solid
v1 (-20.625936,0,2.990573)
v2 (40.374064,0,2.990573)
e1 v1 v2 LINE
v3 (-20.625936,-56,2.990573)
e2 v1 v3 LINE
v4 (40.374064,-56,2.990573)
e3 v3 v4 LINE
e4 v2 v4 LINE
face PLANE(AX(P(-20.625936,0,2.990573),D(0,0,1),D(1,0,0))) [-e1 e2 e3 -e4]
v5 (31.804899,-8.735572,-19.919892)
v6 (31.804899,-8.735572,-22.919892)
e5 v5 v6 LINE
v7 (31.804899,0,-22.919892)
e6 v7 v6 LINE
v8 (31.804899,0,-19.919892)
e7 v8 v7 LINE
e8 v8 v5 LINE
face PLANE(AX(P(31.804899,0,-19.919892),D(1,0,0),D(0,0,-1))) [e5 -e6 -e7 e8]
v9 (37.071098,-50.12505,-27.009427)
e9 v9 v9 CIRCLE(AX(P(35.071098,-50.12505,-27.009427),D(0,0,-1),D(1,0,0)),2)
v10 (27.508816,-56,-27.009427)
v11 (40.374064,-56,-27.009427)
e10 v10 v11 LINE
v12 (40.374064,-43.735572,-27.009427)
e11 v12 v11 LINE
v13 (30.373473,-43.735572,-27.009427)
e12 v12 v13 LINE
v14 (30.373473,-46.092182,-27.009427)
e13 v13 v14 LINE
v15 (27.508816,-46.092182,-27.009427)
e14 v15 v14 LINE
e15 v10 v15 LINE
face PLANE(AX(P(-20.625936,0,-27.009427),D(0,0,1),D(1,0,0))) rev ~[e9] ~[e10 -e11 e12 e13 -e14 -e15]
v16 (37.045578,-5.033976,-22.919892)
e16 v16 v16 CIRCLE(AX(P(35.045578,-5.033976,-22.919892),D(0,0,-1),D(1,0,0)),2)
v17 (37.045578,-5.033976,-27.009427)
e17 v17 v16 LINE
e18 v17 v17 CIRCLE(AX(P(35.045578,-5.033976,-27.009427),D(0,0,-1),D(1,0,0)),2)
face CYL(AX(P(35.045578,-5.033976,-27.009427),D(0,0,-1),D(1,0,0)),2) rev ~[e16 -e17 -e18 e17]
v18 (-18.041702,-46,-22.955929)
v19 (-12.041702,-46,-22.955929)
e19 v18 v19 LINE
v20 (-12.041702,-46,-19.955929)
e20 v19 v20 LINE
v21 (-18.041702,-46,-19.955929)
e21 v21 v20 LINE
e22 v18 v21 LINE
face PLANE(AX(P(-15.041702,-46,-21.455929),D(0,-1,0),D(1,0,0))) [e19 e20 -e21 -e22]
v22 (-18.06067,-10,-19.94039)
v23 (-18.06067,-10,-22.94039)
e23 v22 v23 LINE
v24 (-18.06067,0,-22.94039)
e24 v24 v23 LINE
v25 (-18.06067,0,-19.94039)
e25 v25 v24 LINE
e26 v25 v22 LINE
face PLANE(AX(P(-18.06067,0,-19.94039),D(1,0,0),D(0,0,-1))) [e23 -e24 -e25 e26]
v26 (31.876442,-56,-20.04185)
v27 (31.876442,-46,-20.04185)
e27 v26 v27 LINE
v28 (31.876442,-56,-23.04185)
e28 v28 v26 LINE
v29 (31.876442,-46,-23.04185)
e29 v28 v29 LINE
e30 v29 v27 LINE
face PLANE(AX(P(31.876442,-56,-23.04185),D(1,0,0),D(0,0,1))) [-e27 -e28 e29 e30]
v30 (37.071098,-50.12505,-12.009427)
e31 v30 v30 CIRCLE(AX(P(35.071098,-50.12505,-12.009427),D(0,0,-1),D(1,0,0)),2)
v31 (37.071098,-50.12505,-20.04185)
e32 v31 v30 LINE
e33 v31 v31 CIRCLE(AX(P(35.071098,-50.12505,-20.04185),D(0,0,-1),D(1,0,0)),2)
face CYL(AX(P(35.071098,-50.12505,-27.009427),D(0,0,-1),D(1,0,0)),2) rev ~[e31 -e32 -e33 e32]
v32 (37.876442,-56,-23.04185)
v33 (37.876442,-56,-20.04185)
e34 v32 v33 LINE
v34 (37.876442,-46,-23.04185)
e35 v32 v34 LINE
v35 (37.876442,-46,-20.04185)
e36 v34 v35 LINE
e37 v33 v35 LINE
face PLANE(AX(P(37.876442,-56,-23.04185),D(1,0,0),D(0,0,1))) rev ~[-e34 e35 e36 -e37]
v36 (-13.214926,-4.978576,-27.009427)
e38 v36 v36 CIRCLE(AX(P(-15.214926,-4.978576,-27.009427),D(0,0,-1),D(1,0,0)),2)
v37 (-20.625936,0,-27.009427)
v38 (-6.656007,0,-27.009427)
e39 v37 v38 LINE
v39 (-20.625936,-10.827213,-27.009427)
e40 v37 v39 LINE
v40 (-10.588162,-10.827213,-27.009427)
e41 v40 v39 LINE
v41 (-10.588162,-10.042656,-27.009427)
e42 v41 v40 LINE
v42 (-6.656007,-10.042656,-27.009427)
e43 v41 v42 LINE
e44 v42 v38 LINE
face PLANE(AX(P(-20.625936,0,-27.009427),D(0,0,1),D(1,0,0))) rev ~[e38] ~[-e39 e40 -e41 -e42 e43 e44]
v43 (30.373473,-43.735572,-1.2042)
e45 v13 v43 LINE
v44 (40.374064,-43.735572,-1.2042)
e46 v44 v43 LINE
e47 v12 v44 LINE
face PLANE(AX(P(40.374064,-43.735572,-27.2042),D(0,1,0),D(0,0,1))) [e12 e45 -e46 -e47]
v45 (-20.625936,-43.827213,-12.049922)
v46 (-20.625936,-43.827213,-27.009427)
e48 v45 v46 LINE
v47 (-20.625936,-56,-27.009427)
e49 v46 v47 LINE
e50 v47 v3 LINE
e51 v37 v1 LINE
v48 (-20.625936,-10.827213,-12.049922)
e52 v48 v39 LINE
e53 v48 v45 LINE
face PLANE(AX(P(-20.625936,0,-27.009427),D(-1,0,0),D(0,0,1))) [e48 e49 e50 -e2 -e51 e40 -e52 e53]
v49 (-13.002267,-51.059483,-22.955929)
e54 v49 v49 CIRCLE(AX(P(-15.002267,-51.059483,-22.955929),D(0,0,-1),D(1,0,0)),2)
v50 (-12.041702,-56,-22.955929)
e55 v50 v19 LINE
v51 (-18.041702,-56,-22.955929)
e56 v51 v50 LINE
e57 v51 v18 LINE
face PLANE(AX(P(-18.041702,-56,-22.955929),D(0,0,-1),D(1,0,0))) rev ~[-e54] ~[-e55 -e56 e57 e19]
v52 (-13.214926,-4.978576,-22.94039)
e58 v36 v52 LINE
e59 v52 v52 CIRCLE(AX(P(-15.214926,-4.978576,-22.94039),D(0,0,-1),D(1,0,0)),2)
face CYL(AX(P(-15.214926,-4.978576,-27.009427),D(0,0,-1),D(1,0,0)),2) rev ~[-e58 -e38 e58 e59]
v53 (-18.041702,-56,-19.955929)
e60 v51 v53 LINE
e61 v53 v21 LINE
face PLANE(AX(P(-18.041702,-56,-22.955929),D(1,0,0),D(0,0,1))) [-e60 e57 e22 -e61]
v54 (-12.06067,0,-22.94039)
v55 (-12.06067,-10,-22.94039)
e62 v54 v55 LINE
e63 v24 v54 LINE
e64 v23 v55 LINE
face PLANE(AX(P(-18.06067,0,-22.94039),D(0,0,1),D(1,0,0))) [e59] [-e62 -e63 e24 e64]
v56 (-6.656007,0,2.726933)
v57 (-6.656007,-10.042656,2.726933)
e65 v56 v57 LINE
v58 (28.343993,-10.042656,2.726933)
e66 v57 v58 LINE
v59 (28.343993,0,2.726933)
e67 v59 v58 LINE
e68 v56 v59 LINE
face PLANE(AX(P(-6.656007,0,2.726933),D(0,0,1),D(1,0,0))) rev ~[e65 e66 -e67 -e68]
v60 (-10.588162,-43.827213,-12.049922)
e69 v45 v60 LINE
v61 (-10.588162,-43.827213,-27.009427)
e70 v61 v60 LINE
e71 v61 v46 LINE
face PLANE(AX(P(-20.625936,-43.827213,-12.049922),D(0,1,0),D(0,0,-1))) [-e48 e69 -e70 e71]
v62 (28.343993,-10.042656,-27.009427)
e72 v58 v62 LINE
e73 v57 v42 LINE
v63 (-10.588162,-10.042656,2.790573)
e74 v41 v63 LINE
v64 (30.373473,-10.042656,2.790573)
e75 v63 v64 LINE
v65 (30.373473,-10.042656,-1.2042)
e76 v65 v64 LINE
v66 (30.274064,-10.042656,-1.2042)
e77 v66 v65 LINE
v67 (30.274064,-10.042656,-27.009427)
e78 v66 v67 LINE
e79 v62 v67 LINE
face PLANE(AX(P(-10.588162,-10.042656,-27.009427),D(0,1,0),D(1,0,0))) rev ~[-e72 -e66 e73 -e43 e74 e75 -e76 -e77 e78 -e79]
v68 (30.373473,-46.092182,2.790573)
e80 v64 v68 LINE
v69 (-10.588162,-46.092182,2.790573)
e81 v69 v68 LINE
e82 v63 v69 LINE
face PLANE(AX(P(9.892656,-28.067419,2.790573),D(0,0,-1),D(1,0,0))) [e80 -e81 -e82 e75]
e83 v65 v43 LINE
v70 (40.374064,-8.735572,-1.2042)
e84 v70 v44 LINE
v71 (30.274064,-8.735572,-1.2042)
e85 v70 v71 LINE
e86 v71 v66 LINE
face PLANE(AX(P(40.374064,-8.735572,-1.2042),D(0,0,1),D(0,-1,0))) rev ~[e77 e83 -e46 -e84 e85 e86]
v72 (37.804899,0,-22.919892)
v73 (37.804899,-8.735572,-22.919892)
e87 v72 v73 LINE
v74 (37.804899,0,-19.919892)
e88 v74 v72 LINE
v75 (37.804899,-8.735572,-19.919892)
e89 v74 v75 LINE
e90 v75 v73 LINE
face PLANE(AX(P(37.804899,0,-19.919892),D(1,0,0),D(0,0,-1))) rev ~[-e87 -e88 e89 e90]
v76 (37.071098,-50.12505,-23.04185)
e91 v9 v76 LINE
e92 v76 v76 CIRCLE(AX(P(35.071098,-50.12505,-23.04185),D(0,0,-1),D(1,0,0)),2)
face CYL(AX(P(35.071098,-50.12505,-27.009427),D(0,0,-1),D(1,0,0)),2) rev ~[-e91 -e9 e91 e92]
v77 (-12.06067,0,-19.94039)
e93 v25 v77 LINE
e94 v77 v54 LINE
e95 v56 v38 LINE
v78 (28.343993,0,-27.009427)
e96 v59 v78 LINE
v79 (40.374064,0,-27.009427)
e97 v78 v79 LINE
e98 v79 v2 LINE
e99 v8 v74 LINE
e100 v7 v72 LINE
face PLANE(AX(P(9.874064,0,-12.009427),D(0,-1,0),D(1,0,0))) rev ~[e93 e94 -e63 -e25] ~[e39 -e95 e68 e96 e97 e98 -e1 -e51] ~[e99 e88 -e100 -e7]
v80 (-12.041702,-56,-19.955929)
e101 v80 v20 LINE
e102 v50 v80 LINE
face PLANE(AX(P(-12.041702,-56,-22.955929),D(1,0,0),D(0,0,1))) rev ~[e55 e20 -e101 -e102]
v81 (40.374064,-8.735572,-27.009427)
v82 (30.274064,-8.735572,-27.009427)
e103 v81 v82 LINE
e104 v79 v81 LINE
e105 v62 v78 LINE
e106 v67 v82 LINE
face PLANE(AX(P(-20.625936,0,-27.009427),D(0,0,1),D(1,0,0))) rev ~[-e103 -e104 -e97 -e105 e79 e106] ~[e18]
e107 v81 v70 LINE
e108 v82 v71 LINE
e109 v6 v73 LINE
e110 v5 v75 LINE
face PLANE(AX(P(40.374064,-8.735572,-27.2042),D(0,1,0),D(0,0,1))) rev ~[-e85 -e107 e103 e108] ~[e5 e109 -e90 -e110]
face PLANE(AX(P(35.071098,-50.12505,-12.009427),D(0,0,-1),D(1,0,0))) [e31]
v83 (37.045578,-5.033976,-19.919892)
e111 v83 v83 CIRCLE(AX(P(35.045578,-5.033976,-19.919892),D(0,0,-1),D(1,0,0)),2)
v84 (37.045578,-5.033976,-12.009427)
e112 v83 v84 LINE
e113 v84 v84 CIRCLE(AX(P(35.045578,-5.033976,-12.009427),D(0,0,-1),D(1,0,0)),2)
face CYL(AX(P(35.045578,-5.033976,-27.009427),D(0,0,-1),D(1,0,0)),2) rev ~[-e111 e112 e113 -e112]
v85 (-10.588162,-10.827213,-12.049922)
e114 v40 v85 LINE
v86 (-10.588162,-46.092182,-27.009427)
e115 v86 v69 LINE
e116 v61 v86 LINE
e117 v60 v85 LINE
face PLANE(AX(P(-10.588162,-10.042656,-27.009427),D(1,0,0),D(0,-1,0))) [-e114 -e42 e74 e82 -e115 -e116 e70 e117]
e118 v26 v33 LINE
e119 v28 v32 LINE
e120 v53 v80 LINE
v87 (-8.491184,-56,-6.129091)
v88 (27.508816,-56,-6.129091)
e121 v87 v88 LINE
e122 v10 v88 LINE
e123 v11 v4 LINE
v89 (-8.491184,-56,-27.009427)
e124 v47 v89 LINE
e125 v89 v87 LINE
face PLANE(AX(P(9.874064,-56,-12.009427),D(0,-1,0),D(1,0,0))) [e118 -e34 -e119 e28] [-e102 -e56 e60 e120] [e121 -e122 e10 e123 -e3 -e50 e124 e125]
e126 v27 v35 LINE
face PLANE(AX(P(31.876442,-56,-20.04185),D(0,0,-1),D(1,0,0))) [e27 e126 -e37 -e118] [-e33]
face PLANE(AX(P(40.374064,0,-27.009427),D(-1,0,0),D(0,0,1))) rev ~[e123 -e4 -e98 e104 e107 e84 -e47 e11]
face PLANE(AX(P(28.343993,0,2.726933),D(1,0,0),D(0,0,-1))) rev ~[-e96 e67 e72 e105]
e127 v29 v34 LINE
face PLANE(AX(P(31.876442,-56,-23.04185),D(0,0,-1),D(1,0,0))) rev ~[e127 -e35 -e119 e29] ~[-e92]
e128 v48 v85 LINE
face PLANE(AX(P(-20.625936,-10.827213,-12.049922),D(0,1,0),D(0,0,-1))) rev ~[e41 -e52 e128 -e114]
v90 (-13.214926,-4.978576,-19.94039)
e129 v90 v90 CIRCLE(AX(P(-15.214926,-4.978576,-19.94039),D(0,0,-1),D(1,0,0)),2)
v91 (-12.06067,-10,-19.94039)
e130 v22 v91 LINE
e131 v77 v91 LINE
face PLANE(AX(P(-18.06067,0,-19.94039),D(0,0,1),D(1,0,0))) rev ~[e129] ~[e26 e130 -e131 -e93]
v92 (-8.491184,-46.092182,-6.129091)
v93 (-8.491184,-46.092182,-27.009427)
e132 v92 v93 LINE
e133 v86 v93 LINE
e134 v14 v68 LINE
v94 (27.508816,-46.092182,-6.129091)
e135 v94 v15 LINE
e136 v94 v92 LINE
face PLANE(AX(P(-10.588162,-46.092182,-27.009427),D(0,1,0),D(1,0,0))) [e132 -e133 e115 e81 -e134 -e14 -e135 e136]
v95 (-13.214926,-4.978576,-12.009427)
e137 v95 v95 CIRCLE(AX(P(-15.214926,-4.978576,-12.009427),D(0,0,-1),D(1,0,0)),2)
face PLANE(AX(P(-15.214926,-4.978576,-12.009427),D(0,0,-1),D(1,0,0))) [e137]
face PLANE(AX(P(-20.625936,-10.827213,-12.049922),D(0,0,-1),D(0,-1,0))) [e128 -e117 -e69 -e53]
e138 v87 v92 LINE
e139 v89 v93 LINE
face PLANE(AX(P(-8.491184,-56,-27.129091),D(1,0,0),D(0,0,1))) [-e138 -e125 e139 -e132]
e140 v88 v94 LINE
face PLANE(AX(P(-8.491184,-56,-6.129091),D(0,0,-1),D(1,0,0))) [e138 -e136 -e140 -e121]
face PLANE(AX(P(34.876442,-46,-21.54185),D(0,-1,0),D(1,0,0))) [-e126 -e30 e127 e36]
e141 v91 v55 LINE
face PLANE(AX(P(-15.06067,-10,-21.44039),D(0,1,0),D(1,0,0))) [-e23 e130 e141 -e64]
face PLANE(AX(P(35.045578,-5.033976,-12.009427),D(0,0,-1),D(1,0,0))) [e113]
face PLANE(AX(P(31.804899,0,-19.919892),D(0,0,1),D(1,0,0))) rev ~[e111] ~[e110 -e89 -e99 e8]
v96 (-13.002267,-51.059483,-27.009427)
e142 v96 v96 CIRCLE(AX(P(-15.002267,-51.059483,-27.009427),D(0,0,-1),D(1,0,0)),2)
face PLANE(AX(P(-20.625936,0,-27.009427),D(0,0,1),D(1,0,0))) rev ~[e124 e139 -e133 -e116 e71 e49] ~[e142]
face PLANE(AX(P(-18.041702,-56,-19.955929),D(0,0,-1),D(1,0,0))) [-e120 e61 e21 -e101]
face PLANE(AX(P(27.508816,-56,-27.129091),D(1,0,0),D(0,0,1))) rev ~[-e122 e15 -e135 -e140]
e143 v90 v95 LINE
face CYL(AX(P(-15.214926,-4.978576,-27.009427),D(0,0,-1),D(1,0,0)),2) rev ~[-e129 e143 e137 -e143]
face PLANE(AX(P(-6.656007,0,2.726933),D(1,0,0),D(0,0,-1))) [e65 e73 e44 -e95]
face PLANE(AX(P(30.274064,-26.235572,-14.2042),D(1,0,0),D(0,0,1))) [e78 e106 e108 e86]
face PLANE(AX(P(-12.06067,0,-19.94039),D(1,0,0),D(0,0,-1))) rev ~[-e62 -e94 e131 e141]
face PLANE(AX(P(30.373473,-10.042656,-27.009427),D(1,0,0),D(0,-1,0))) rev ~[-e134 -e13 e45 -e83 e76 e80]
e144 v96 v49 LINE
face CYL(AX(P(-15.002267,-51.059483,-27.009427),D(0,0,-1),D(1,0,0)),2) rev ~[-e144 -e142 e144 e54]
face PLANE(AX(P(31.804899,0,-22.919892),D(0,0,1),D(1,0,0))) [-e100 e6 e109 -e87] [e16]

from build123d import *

# Parameters (mm, degrees)
SKETCH_W        = 61
SKETCH_H        = 30
PAD_DEPTH       = 56
SKETCH003_W     = 40.961635
SKETCH003_H     = 36.049525
POCKET_DEPTH    = 29.8
SKETCH004_W     = 36
SKETCH004_H     = 21
POCKET001_DEPTH = 10
SKETCH005_W     = 26
SKETCH005_H     = 35
POCKET002_DEPTH = 10.1
SKETCH006_W     = 35
SKETCH006_H     = 29.765225
POCKET003_DEPTH = 10.1
SKETCH007_W     = 15
SKETCH007_H     = 33
POCKET004_DEPTH = 10.1
SKETCH009_R     = 2
POCKET005_DEPTH = 5
SKETCH010_R     = 2
POCKET006_DEPTH = 15
SKETCH011_R     = 2
POCKET007_DEPTH = 15
SKETCH012_R     = 2
POCKET008_DEPTH = 15
SKETCH013_W     = 6
SKETCH013_H     = 3
POCKET009_DEPTH = 10
SKETCH014_W     = 6
SKETCH014_H     = 3
POCKET010_DEPTH = 10
SKETCH015_W     = 6
SKETCH015_H     = 3
POCKET011_DEPTH = 10
SKETCH016_W     = 6
SKETCH016_H     = 3
POCKET012_DEPTH = 10


with BuildPart() as part:
    # Sketch → Pad (new body)
    with BuildSketch(Plane.XZ):
        with Locations((9.874064, -12.009427)):
            Rectangle(SKETCH_W, SKETCH_H)
    extrude(amount=PAD_DEPTH)

    # Sketch003 → Pocket (cut)
    with BuildSketch(Plane(origin=(0, 0, -27.009427), x_dir=(1, 0, 0), z_dir=(0, 0, -1))):
        with Locations((9.892656, 28.067419)):
            Rectangle(SKETCH003_W, SKETCH003_H)
    extrude(amount=-POCKET_DEPTH, mode=Mode.SUBTRACT)

    # Sketch004 → Pocket001 (cut)
    with BuildSketch(Plane.XZ.offset(56)):
        with Locations((9.508816, -16.629091)):
            Rectangle(SKETCH004_W, SKETCH004_H)
    extrude(amount=-POCKET001_DEPTH, mode=Mode.SUBTRACT)

    # Sketch005 → Pocket002 (cut)
    with BuildSketch(Plane(origin=(40.374064, 0, 0), x_dir=(0, 0, 1), z_dir=(1, 0, 0))):
        with Locations((-14.2042, 26.235572)):
            Rectangle(SKETCH005_W, SKETCH005_H)
    extrude(amount=-POCKET002_DEPTH, mode=Mode.SUBTRACT)

    # Sketch006 → Pocket003 (cut)
    with BuildSketch(Plane(origin=(0, 0, 0), x_dir=(1, 0, 0), z_dir=(0, 1, 0))):
        with Locations((10.843993, 12.155679)):
            Rectangle(SKETCH006_W, SKETCH006_H)
    extrude(amount=-POCKET003_DEPTH, mode=Mode.SUBTRACT)

    # Sketch007 → Pocket004 (cut)
    with BuildSketch(Plane(origin=(-20.625936, 0, 0), x_dir=(0, 0, -1), z_dir=(-1, 0, 0))):
        with Locations((19.549922, 27.327213)):
            Rectangle(SKETCH007_W, SKETCH007_H)
    extrude(amount=-POCKET004_DEPTH, mode=Mode.SUBTRACT)

    # Sketch009 → Pocket005 (cut)
    with BuildSketch(Plane(origin=(0, 0, -27.009427), x_dir=(1, 0, 0), z_dir=(0, 0, -1))):
        with Locations((-15.002267, 51.059483)):
            Circle(SKETCH009_R)
    extrude(amount=-POCKET005_DEPTH, mode=Mode.SUBTRACT)

    # Sketch010 → Pocket006 (cut)
    with BuildSketch(Plane(origin=(0, 0, -27.009427), x_dir=(1, 0, 0), z_dir=(0, 0, -1))):
        with Locations((35.071098, 50.12505)):
            Circle(SKETCH010_R)
    extrude(amount=-POCKET006_DEPTH, mode=Mode.SUBTRACT)

    # Sketch011 → Pocket007 (cut)
    with BuildSketch(Plane(origin=(0, 0, -27.009427), x_dir=(1, 0, 0), z_dir=(0, 0, -1))):
        with Locations((-15.214926, 4.978576)):
            Circle(SKETCH011_R)
    extrude(amount=-POCKET007_DEPTH, mode=Mode.SUBTRACT)

    # Sketch012 → Pocket008 (cut)
    with BuildSketch(Plane(origin=(0, 0, -27.009427), x_dir=(1, 0, 0), z_dir=(0, 0, -1))):
        with Locations((35.045578, 5.033976)):
            Circle(SKETCH012_R)
    extrude(amount=-POCKET008_DEPTH, mode=Mode.SUBTRACT)

    # Sketch013 → Pocket009 (cut)
    with BuildSketch(Plane.XZ.offset(56)):
        with Locations((34.876442, -21.54185)):
            Rectangle(SKETCH013_W, SKETCH013_H)
    extrude(amount=-POCKET009_DEPTH, mode=Mode.SUBTRACT)

    # Sketch014 → Pocket010 (cut)
    with BuildSketch(Plane.XZ.offset(56)):
        with Locations((-15.041702, -21.455929)):
            Rectangle(SKETCH014_W, SKETCH014_H)
    extrude(amount=-POCKET010_DEPTH, mode=Mode.SUBTRACT)

    # Sketch015 → Pocket011 (cut)
    with BuildSketch(Plane(origin=(0, 0, 0), x_dir=(1, 0, 0), z_dir=(0, 1, 0))):
        with Locations((-15.06067, 21.44039)):
            Rectangle(SKETCH015_W, SKETCH015_H)
    extrude(amount=-POCKET011_DEPTH, mode=Mode.SUBTRACT)

    # Sketch016 → Pocket012 (cut)
    with BuildSketch(Plane(origin=(0, 0, 0), x_dir=(1, 0, 0), z_dir=(0, 1, 0))):
        with Locations((34.804899, 21.419892)):
            Rectangle(SKETCH016_W, SKETCH016_H)
    extrude(amount=-POCKET012_DEPTH, mode=Mode.SUBTRACT)


solid = part.part
